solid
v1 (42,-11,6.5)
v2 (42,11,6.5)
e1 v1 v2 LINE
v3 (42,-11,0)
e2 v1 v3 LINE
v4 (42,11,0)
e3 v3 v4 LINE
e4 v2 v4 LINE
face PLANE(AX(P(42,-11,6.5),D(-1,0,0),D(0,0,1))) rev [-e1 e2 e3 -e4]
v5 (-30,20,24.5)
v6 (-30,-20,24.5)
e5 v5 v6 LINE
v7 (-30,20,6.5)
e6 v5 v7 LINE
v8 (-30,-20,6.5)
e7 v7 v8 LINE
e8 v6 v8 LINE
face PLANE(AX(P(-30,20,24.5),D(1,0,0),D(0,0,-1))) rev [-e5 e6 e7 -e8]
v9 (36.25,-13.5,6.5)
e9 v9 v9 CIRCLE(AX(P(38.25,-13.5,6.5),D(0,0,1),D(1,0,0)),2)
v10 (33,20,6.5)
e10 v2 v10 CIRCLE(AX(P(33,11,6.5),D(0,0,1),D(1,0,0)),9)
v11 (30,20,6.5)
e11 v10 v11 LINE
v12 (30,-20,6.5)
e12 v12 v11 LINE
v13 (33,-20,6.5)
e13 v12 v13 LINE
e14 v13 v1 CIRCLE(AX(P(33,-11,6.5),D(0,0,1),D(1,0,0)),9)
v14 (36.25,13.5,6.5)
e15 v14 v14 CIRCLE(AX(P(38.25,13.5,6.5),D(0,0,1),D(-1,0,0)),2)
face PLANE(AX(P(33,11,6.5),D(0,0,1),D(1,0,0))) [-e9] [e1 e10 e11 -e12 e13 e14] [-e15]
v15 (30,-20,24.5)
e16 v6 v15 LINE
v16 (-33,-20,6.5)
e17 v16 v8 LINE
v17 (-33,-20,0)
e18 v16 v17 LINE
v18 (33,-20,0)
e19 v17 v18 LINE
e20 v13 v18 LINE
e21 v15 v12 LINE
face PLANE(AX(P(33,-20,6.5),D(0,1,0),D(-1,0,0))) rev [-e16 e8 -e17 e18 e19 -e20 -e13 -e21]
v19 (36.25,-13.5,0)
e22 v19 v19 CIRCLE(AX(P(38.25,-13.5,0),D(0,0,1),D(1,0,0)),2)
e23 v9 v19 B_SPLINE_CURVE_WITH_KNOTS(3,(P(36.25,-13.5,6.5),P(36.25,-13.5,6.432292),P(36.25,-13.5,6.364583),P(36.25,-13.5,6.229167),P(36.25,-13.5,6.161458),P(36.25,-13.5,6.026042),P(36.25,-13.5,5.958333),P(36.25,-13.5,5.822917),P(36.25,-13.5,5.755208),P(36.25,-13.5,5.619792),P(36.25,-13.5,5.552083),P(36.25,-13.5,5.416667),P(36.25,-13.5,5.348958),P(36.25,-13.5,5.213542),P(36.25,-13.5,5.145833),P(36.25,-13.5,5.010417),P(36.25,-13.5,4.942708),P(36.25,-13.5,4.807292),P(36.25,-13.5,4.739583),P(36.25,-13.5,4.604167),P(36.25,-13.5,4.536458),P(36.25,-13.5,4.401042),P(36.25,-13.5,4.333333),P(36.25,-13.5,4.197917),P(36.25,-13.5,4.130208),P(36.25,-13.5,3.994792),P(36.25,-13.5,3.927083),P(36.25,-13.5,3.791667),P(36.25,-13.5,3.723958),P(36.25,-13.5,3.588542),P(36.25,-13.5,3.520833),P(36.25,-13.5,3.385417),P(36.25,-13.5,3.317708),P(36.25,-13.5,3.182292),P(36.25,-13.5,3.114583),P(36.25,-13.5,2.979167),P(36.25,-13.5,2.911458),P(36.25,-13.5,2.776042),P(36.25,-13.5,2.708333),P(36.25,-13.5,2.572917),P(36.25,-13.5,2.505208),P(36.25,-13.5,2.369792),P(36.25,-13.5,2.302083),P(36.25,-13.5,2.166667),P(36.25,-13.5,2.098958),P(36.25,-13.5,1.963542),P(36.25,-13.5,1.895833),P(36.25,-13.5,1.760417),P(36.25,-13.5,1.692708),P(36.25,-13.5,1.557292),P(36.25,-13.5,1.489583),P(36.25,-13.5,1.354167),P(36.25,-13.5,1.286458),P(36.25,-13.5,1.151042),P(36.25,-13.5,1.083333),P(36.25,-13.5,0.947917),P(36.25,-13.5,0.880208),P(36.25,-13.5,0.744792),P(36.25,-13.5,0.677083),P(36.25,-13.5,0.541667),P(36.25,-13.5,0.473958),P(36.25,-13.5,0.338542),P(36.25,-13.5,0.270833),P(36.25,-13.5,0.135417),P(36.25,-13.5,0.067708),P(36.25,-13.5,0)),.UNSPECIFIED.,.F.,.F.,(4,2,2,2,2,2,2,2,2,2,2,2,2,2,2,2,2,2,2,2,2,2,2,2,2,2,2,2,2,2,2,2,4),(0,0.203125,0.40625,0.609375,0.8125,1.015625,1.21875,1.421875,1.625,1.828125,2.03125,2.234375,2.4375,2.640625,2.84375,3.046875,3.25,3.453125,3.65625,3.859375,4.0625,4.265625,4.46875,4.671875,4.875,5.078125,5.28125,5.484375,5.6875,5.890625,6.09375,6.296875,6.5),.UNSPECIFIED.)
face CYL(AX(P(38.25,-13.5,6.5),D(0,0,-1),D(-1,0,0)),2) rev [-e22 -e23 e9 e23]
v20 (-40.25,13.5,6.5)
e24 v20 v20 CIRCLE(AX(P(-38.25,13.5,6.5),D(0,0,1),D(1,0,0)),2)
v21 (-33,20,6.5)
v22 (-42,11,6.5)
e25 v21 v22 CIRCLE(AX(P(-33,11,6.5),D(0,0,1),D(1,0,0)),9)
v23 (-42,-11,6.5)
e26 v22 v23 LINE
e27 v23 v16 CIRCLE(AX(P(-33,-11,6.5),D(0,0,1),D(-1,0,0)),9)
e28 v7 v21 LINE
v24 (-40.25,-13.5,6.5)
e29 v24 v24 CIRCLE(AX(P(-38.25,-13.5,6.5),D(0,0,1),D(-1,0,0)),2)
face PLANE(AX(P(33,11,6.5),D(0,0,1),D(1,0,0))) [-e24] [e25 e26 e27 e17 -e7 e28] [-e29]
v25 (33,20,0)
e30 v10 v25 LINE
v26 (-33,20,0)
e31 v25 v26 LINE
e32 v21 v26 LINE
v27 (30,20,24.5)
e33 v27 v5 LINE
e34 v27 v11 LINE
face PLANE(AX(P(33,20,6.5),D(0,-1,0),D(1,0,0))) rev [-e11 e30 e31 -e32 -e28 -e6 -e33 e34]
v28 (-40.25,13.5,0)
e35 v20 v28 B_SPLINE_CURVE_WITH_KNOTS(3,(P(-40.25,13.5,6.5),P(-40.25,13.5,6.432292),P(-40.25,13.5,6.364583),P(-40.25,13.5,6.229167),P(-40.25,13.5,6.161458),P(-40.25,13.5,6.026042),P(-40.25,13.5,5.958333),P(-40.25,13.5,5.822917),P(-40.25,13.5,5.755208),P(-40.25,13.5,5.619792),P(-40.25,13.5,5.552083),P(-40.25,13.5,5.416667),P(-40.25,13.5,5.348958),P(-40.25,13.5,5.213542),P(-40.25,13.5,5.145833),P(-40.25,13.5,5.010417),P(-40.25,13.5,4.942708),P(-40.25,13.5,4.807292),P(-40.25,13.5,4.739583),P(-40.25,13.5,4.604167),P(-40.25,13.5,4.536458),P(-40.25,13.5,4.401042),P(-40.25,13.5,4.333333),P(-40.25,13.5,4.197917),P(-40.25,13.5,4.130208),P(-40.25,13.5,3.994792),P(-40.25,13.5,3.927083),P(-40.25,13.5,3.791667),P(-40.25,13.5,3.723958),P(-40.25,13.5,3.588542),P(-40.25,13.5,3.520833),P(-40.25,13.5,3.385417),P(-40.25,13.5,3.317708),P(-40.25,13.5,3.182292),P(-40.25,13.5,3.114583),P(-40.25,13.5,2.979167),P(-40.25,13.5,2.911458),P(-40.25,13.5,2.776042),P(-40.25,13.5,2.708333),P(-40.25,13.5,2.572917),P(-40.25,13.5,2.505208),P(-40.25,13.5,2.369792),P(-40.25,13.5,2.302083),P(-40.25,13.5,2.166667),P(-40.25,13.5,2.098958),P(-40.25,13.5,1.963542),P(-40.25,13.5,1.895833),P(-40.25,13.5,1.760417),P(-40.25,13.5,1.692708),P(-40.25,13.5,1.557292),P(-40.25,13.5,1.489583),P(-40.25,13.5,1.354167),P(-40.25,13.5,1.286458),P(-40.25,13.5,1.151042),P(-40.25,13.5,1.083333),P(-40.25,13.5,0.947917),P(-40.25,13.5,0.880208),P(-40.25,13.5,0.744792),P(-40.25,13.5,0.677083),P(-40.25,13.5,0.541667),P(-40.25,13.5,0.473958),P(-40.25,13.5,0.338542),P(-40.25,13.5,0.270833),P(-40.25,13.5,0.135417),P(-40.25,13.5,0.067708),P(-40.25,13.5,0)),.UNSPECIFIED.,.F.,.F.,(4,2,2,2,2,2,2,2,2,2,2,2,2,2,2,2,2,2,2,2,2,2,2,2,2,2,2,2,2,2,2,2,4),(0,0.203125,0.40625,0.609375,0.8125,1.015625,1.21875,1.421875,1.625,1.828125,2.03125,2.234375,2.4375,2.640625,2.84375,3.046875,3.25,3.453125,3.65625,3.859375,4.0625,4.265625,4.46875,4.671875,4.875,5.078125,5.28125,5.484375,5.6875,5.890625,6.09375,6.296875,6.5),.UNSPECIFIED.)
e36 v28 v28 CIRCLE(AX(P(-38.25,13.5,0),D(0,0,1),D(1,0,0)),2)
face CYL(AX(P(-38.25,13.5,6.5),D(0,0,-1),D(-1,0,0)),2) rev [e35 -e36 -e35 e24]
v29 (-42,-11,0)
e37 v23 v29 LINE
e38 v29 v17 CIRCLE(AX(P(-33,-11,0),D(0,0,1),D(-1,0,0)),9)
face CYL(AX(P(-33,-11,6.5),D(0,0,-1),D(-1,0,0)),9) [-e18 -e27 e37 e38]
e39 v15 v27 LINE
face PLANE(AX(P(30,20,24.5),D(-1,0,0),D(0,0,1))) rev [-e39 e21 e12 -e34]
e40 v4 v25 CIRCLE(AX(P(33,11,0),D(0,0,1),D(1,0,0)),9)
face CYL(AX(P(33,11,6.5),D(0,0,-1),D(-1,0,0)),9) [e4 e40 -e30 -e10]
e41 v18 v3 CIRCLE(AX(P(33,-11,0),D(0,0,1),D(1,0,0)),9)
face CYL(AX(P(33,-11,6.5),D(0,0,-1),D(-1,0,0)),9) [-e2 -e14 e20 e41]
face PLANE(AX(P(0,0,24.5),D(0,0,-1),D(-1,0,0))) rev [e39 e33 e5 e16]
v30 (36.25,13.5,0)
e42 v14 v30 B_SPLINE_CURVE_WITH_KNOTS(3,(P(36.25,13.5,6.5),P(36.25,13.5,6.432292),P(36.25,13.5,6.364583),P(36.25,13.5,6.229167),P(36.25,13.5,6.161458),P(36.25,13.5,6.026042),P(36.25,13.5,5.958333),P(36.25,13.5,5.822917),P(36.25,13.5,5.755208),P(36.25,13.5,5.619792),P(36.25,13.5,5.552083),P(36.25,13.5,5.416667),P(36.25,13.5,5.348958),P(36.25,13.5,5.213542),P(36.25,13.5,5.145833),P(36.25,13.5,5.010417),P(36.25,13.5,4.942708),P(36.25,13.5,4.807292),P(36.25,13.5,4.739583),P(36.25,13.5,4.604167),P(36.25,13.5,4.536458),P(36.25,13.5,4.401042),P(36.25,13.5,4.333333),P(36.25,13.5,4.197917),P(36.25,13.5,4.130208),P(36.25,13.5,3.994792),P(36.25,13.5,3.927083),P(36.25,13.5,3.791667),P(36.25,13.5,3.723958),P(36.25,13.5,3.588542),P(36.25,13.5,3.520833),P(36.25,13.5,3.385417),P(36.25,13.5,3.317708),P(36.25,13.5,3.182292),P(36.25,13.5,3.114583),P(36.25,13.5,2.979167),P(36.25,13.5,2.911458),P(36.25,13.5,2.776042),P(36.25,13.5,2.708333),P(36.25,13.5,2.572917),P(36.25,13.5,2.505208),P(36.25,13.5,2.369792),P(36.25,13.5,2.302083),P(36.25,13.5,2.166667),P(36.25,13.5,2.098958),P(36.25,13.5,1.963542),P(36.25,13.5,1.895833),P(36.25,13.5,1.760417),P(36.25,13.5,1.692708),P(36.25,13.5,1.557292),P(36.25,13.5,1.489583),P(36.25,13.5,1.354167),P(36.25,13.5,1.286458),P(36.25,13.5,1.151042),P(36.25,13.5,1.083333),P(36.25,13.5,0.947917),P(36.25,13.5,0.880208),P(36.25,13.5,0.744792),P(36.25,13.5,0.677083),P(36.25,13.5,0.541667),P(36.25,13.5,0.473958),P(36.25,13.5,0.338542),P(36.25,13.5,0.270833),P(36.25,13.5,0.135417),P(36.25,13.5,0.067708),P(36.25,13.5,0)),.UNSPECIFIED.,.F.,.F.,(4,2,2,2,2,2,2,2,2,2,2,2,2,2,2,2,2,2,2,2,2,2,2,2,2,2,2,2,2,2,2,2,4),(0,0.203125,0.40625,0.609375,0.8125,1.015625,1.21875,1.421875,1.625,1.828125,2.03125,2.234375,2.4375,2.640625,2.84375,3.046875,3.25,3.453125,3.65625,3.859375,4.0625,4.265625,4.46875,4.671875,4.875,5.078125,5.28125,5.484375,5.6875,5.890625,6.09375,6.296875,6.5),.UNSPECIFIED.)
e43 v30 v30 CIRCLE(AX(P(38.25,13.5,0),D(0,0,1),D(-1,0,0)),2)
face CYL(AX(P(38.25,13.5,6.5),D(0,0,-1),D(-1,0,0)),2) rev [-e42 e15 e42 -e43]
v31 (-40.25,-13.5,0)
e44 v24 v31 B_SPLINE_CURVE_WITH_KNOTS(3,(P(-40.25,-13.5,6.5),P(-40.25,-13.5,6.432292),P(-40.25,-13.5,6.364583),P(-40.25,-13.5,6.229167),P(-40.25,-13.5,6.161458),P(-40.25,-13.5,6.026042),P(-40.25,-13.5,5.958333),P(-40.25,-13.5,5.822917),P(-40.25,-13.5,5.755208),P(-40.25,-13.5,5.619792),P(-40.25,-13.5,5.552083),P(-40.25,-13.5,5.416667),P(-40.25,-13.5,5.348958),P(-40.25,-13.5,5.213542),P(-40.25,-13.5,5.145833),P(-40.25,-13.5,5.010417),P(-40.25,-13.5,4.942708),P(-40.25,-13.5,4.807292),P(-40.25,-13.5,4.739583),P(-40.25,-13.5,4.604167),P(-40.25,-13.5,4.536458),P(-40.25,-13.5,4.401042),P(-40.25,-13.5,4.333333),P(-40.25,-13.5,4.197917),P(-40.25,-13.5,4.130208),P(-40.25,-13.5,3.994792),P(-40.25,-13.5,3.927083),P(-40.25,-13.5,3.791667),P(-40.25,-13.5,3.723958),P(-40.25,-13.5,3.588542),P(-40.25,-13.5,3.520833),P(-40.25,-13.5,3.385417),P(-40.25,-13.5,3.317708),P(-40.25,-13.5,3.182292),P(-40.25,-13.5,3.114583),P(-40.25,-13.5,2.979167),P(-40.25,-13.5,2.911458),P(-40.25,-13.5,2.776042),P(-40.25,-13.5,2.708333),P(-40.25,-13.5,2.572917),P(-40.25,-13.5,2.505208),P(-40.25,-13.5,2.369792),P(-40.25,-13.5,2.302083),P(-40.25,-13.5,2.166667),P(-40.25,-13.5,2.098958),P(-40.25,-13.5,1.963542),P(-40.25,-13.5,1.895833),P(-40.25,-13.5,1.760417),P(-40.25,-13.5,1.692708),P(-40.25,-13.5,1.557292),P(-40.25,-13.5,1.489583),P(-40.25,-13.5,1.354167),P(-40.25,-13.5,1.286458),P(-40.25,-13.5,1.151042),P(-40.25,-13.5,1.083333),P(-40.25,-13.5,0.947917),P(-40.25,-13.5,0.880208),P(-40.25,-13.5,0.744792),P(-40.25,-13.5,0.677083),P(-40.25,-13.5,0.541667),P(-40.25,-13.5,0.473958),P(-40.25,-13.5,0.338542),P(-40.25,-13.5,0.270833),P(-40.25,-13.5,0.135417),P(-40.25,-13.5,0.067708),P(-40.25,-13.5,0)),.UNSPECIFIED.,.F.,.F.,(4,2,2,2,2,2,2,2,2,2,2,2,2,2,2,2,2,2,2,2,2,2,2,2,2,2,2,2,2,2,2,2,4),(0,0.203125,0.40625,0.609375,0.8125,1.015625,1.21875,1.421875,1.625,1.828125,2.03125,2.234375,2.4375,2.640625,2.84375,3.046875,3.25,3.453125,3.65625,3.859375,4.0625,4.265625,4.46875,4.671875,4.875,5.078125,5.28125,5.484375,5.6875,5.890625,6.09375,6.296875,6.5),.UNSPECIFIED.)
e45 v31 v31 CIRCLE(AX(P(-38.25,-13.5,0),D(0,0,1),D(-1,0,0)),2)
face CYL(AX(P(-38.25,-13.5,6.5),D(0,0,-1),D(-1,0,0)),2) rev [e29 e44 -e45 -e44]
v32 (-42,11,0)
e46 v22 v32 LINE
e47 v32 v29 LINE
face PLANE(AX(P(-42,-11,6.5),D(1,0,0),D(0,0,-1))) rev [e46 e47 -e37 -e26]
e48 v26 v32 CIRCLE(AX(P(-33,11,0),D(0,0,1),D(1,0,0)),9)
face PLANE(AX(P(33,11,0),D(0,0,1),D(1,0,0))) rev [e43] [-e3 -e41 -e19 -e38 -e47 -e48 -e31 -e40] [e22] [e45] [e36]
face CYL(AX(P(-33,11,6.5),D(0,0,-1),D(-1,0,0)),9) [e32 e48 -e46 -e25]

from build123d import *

# Parameters (mm, degrees)
SKETCH_1_R      = 2
EXTRUDE_1_DEPTH = 6.5
SKETCH_2_W      = 60
SKETCH_2_H      = 40
EXTRUDE_2_DEPTH = 18


with BuildPart() as part:
    # ｽｹｯﾁ1 → ﾎﾞｽ - 押し出し1 (new body)
    with BuildSketch(Plane.XY):
        with BuildLine():
            Line((33, -20), (-33, -20))
            ThreePointArc((-33, -20), (-39.363961031, -17.363961031), (-42, -11))
            Line((-42, -11), (-42, 11))
            ThreePointArc((-42, 11), (-39.363961031, 17.363961031), (-33, 20))
            Line((-33, 20), (33, 20))
            ThreePointArc((33, 20), (39.363961031, 17.363961031), (42, 11))
            Line((42, 11), (42, -11))
            ThreePointArc((42, -11), (39.363961031, -17.363961031), (33, -20))
        make_face()
        with Locations(Location((-38.25, 13.5, 0), (0, 0, 180))):
            Circle(SKETCH_1_R, mode=Mode.SUBTRACT)
        with Locations(Location((38.25, 13.5, 0), (0, 0, 180))):
            Circle(SKETCH_1_R, mode=Mode.SUBTRACT)
        with Locations(Location((38.25, -13.5, 0), (0, 0, 180))):
            Circle(SKETCH_1_R, mode=Mode.SUBTRACT)
        with Locations(Location((-38.25, -13.5, 0), (0, 0, 180))):
            Circle(SKETCH_1_R, mode=Mode.SUBTRACT)
    extrude(amount=EXTRUDE_1_DEPTH)

    # ｽｹｯﾁ2 → ﾎﾞｽ - 押し出し2 (add)
    with BuildSketch(Plane.XY.offset(6.5)):
        Rectangle(SKETCH_2_W, SKETCH_2_H)
    extrude(amount=EXTRUDE_2_DEPTH)


solid = part.part
